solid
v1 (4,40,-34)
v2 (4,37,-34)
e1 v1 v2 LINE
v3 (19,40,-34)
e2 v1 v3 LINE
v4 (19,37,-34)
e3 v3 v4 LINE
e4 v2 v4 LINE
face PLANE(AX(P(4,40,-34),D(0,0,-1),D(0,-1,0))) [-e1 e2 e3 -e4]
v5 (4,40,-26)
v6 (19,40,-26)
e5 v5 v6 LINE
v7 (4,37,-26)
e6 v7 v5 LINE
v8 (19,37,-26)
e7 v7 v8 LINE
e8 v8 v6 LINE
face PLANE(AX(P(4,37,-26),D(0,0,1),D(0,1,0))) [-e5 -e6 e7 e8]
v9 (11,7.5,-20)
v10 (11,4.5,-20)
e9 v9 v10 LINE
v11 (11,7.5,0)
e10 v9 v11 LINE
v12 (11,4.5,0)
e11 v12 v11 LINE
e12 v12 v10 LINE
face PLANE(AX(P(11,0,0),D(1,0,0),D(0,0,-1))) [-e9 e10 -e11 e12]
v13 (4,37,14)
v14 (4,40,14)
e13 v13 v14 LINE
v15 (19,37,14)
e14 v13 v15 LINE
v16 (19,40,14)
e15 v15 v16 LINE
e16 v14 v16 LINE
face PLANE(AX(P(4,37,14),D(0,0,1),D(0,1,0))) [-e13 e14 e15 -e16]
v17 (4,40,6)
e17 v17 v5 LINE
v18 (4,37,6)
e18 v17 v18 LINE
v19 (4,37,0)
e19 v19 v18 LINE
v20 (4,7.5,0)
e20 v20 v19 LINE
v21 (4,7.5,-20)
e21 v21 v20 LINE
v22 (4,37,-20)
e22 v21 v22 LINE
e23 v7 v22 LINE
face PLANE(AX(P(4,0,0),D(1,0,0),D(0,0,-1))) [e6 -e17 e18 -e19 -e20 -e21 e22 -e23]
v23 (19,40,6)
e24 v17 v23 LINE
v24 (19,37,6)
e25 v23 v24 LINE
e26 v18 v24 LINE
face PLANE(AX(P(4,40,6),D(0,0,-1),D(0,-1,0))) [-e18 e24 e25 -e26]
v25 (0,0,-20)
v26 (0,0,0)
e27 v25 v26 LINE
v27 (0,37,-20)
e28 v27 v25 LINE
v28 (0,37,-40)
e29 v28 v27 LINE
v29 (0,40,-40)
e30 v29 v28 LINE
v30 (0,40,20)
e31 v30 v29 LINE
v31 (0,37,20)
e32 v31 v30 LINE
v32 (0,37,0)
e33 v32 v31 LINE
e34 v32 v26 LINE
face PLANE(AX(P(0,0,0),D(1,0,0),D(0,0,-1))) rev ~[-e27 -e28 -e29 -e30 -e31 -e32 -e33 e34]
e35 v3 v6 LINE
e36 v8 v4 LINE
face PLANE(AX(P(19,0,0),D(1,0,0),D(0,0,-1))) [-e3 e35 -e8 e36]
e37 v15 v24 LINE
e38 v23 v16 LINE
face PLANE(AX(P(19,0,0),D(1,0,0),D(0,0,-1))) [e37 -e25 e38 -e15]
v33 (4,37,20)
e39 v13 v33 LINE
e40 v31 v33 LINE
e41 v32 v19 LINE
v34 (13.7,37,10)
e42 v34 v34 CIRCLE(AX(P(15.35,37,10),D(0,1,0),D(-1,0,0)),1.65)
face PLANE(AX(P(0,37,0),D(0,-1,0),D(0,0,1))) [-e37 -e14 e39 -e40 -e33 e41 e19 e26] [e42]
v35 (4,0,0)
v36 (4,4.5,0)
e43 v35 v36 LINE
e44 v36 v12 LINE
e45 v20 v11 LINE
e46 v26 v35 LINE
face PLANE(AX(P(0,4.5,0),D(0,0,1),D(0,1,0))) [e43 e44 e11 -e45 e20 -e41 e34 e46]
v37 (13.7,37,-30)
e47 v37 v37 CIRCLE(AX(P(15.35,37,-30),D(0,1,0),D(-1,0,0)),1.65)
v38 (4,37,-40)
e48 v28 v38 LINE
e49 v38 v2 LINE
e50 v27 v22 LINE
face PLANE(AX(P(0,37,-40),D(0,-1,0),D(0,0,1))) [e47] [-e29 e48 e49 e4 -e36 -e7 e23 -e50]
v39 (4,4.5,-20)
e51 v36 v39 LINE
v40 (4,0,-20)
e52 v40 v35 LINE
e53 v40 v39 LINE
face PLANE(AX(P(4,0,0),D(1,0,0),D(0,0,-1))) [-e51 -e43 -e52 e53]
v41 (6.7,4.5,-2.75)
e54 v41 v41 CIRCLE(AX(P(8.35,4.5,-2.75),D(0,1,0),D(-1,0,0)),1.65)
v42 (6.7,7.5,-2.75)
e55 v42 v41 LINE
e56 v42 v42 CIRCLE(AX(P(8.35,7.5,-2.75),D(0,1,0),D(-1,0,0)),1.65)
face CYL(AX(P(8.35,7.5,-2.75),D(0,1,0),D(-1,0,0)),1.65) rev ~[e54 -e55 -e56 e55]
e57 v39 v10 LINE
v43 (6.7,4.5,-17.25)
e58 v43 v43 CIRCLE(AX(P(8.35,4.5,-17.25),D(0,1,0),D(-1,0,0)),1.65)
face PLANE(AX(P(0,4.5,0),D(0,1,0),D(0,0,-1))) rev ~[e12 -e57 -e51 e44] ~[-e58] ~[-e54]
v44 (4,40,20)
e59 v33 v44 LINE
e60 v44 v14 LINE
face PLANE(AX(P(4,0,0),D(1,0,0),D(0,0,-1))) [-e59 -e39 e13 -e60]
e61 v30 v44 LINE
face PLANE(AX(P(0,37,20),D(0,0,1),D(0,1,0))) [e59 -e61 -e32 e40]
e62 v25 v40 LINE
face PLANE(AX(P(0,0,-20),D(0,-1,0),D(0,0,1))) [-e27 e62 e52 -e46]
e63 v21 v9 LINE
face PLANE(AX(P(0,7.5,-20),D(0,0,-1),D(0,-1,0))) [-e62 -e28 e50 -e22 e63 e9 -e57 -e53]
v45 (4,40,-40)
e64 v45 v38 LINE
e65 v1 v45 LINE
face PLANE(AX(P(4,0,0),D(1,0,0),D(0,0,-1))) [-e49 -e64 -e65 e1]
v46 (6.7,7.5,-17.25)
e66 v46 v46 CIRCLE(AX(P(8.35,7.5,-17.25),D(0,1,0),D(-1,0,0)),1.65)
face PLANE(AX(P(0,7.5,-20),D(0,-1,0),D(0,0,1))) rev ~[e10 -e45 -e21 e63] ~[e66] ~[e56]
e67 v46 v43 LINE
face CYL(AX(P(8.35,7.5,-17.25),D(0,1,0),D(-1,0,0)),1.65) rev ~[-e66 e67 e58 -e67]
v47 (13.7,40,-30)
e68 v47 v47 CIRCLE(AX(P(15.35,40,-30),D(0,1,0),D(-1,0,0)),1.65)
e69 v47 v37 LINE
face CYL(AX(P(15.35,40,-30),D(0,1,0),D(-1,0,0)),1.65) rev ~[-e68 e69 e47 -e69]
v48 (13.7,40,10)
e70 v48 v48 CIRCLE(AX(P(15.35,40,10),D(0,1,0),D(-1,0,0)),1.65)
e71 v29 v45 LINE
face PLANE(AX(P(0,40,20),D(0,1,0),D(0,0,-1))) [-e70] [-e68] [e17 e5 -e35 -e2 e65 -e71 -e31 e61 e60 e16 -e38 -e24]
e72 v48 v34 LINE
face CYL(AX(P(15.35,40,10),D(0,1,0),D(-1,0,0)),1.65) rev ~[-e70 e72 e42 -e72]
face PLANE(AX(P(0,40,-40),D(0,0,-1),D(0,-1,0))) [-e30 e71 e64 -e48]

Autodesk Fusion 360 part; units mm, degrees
sketch "Sketch1" plane through (0, 0, 0) normal (1, 0, 0) x (0, 0, -1)
  line L0 (0, 0) -> (0, 37)
  line L1 (0, 37) -> (-20, 37)
  line L2 (-20, 37) -> (-20, 40)
  line L3 (-20, 40) -> (40, 40)
  line L4 (40, 40) -> (40, 37)
  line L5 (40, 37) -> (20, 37)
  line L6 (20, 37) -> (20, 0)
  line L7 (20, 0) -> (0, 0)
  line L8 (0, 4.5) -> (20, 4.5)
  line L9 (20, 4.5) -> (20, 7.5)
  line L10 (20, 7.5) -> (0, 7.5)
  line L11 (0, 7.5) -> (0, 4.5)
  line L12 (10, 0) -> (10, 40) construction
  point P0 (10, 40)
  dimension "d1" = 20
  dimension "d2" = 4.5
  dimension "d3" = 3
  dimension "d5" = 40
  dimension "d7" = 3
  dimension "d8" = 60
extrude "Extrude1" add sketch "Sketch1" along normal blind 4 makes body 1
extrude "Extrude2" add sketch "Sketch1" along normal blind 11 separate body contours L0 L6 L8 L9 L10 L11 makes body 2
sketch "Sketch2" plane through (0, 7.5, 0) normal (0, 1, 0) x (-1, 0, 0)
  line L0 (0, -20) -> (0, 0)
  line L1 (0, 0) -> (-11, 0)
  line L2 (-11, 0) -> (-11, -20)
  line L3 (-11, -20) -> (0, -20)
  circle A0 centre (-8.35, -17.25) radius 1.65
  circle A1 centre (-8.35, -2.75) radius 1.65
  line L4 (-8.35, -2.75) -> (-8.35, -17.25) construction
  line L5 (-11, -10) -> (-5.7, -10) construction
  point P0 (-8.35, -10)
  dimension "d15" = 14.5
  dimension "d16" = 2.65
  dimension "d17" = 3.3
  dimension "d18" = 3.3
extrude "Extrude3" cut sketch "Sketch2" against normal through all contours A0 | A1 bodies 2
sketch "Sketch3" plane through (0, 40, 0) normal (0, 1, 0) x (-1, 0, 0)
  line L0 (0, -40) -> (0, 20)
  line L1 (0, 20) -> (-4, 20)
  line L2 (-4, 20) -> (-4, -40)
  line L3 (-4, -40) -> (0, -40)
sketch "Sketch4" plane through (0, 40, 0) normal (0, 1, 0) x (-1, 0, 0)
  circle A0 centre (-15.35, -30) radius 1.65
  circle A1 centre (-15.35, 10) radius 1.65
  line L0 (-15.35, 10) -> (-15.35, -30) construction
  line L1 (0, 20) -> (0, -40)
  line L2 (0, -10) -> (-15.35, -10) construction
  dimension "d20" = 40
  dimension "d21" = 3.3
  dimension "d22" = 3.3
  dimension "d23" = 15.35
sketch "Sketch5" plane through (4, 0, 0) normal (1, 0, 0) x (0, 0, -1)
  line L0 (0, 37) -> (0, 0)
  line L1 (0, 0) -> (20, 0)
  line L2 (20, 0) -> (20, 37)
  line L3 (20, 37) -> (40, 37)
  line L4 (40, 37) -> (40, 40)
  line L5 (40, 40) -> (-20, 40)
  line L6 (-20, 40) -> (-20, 37)
  line L7 (-20, 37) -> (0, 37)
  line L8 (-14, 40) -> (-6, 40)
  line L9 (-6, 40) -> (-6, 37)
  line L10 (-6, 37) -> (-14, 37)
  line L11 (-14, 37) -> (-14, 40)
  line L12 (26, 40) -> (34, 40)
  line L13 (34, 40) -> (34, 37)
  line L14 (34, 37) -> (26, 37)
  line L15 (26, 37) -> (26, 40)
  point P0 (-10, 40)
  point P1 (30, 40)
  dimension "d24" = 8
  dimension "d25" = 8
  dimension "d26" = 4
  dimension "d27" = 4
extrude "Extrude4" add sketch "Sketch5" along normal blind 15 contours L5 L7 L8 L9 L10 L11 | L3 L5 L12 L13 L14 L15 bodies 1
extrude "Extrude5" cut sketch "Sketch4" against normal through all bodies 1
combine "Combine1" operation add target body 2 tool bodies 1
equation "d3 = e"
equation "e = 3 mm"
equation "d7 = e"
equation "t = 3.3 mm"
equation "d16 = 1 mm + ( 3.3 / 2 ) * 1 mm"
equation "d17 = t"
equation "d18 = t"
equation "d21 = t"
equation "d22 = t"
